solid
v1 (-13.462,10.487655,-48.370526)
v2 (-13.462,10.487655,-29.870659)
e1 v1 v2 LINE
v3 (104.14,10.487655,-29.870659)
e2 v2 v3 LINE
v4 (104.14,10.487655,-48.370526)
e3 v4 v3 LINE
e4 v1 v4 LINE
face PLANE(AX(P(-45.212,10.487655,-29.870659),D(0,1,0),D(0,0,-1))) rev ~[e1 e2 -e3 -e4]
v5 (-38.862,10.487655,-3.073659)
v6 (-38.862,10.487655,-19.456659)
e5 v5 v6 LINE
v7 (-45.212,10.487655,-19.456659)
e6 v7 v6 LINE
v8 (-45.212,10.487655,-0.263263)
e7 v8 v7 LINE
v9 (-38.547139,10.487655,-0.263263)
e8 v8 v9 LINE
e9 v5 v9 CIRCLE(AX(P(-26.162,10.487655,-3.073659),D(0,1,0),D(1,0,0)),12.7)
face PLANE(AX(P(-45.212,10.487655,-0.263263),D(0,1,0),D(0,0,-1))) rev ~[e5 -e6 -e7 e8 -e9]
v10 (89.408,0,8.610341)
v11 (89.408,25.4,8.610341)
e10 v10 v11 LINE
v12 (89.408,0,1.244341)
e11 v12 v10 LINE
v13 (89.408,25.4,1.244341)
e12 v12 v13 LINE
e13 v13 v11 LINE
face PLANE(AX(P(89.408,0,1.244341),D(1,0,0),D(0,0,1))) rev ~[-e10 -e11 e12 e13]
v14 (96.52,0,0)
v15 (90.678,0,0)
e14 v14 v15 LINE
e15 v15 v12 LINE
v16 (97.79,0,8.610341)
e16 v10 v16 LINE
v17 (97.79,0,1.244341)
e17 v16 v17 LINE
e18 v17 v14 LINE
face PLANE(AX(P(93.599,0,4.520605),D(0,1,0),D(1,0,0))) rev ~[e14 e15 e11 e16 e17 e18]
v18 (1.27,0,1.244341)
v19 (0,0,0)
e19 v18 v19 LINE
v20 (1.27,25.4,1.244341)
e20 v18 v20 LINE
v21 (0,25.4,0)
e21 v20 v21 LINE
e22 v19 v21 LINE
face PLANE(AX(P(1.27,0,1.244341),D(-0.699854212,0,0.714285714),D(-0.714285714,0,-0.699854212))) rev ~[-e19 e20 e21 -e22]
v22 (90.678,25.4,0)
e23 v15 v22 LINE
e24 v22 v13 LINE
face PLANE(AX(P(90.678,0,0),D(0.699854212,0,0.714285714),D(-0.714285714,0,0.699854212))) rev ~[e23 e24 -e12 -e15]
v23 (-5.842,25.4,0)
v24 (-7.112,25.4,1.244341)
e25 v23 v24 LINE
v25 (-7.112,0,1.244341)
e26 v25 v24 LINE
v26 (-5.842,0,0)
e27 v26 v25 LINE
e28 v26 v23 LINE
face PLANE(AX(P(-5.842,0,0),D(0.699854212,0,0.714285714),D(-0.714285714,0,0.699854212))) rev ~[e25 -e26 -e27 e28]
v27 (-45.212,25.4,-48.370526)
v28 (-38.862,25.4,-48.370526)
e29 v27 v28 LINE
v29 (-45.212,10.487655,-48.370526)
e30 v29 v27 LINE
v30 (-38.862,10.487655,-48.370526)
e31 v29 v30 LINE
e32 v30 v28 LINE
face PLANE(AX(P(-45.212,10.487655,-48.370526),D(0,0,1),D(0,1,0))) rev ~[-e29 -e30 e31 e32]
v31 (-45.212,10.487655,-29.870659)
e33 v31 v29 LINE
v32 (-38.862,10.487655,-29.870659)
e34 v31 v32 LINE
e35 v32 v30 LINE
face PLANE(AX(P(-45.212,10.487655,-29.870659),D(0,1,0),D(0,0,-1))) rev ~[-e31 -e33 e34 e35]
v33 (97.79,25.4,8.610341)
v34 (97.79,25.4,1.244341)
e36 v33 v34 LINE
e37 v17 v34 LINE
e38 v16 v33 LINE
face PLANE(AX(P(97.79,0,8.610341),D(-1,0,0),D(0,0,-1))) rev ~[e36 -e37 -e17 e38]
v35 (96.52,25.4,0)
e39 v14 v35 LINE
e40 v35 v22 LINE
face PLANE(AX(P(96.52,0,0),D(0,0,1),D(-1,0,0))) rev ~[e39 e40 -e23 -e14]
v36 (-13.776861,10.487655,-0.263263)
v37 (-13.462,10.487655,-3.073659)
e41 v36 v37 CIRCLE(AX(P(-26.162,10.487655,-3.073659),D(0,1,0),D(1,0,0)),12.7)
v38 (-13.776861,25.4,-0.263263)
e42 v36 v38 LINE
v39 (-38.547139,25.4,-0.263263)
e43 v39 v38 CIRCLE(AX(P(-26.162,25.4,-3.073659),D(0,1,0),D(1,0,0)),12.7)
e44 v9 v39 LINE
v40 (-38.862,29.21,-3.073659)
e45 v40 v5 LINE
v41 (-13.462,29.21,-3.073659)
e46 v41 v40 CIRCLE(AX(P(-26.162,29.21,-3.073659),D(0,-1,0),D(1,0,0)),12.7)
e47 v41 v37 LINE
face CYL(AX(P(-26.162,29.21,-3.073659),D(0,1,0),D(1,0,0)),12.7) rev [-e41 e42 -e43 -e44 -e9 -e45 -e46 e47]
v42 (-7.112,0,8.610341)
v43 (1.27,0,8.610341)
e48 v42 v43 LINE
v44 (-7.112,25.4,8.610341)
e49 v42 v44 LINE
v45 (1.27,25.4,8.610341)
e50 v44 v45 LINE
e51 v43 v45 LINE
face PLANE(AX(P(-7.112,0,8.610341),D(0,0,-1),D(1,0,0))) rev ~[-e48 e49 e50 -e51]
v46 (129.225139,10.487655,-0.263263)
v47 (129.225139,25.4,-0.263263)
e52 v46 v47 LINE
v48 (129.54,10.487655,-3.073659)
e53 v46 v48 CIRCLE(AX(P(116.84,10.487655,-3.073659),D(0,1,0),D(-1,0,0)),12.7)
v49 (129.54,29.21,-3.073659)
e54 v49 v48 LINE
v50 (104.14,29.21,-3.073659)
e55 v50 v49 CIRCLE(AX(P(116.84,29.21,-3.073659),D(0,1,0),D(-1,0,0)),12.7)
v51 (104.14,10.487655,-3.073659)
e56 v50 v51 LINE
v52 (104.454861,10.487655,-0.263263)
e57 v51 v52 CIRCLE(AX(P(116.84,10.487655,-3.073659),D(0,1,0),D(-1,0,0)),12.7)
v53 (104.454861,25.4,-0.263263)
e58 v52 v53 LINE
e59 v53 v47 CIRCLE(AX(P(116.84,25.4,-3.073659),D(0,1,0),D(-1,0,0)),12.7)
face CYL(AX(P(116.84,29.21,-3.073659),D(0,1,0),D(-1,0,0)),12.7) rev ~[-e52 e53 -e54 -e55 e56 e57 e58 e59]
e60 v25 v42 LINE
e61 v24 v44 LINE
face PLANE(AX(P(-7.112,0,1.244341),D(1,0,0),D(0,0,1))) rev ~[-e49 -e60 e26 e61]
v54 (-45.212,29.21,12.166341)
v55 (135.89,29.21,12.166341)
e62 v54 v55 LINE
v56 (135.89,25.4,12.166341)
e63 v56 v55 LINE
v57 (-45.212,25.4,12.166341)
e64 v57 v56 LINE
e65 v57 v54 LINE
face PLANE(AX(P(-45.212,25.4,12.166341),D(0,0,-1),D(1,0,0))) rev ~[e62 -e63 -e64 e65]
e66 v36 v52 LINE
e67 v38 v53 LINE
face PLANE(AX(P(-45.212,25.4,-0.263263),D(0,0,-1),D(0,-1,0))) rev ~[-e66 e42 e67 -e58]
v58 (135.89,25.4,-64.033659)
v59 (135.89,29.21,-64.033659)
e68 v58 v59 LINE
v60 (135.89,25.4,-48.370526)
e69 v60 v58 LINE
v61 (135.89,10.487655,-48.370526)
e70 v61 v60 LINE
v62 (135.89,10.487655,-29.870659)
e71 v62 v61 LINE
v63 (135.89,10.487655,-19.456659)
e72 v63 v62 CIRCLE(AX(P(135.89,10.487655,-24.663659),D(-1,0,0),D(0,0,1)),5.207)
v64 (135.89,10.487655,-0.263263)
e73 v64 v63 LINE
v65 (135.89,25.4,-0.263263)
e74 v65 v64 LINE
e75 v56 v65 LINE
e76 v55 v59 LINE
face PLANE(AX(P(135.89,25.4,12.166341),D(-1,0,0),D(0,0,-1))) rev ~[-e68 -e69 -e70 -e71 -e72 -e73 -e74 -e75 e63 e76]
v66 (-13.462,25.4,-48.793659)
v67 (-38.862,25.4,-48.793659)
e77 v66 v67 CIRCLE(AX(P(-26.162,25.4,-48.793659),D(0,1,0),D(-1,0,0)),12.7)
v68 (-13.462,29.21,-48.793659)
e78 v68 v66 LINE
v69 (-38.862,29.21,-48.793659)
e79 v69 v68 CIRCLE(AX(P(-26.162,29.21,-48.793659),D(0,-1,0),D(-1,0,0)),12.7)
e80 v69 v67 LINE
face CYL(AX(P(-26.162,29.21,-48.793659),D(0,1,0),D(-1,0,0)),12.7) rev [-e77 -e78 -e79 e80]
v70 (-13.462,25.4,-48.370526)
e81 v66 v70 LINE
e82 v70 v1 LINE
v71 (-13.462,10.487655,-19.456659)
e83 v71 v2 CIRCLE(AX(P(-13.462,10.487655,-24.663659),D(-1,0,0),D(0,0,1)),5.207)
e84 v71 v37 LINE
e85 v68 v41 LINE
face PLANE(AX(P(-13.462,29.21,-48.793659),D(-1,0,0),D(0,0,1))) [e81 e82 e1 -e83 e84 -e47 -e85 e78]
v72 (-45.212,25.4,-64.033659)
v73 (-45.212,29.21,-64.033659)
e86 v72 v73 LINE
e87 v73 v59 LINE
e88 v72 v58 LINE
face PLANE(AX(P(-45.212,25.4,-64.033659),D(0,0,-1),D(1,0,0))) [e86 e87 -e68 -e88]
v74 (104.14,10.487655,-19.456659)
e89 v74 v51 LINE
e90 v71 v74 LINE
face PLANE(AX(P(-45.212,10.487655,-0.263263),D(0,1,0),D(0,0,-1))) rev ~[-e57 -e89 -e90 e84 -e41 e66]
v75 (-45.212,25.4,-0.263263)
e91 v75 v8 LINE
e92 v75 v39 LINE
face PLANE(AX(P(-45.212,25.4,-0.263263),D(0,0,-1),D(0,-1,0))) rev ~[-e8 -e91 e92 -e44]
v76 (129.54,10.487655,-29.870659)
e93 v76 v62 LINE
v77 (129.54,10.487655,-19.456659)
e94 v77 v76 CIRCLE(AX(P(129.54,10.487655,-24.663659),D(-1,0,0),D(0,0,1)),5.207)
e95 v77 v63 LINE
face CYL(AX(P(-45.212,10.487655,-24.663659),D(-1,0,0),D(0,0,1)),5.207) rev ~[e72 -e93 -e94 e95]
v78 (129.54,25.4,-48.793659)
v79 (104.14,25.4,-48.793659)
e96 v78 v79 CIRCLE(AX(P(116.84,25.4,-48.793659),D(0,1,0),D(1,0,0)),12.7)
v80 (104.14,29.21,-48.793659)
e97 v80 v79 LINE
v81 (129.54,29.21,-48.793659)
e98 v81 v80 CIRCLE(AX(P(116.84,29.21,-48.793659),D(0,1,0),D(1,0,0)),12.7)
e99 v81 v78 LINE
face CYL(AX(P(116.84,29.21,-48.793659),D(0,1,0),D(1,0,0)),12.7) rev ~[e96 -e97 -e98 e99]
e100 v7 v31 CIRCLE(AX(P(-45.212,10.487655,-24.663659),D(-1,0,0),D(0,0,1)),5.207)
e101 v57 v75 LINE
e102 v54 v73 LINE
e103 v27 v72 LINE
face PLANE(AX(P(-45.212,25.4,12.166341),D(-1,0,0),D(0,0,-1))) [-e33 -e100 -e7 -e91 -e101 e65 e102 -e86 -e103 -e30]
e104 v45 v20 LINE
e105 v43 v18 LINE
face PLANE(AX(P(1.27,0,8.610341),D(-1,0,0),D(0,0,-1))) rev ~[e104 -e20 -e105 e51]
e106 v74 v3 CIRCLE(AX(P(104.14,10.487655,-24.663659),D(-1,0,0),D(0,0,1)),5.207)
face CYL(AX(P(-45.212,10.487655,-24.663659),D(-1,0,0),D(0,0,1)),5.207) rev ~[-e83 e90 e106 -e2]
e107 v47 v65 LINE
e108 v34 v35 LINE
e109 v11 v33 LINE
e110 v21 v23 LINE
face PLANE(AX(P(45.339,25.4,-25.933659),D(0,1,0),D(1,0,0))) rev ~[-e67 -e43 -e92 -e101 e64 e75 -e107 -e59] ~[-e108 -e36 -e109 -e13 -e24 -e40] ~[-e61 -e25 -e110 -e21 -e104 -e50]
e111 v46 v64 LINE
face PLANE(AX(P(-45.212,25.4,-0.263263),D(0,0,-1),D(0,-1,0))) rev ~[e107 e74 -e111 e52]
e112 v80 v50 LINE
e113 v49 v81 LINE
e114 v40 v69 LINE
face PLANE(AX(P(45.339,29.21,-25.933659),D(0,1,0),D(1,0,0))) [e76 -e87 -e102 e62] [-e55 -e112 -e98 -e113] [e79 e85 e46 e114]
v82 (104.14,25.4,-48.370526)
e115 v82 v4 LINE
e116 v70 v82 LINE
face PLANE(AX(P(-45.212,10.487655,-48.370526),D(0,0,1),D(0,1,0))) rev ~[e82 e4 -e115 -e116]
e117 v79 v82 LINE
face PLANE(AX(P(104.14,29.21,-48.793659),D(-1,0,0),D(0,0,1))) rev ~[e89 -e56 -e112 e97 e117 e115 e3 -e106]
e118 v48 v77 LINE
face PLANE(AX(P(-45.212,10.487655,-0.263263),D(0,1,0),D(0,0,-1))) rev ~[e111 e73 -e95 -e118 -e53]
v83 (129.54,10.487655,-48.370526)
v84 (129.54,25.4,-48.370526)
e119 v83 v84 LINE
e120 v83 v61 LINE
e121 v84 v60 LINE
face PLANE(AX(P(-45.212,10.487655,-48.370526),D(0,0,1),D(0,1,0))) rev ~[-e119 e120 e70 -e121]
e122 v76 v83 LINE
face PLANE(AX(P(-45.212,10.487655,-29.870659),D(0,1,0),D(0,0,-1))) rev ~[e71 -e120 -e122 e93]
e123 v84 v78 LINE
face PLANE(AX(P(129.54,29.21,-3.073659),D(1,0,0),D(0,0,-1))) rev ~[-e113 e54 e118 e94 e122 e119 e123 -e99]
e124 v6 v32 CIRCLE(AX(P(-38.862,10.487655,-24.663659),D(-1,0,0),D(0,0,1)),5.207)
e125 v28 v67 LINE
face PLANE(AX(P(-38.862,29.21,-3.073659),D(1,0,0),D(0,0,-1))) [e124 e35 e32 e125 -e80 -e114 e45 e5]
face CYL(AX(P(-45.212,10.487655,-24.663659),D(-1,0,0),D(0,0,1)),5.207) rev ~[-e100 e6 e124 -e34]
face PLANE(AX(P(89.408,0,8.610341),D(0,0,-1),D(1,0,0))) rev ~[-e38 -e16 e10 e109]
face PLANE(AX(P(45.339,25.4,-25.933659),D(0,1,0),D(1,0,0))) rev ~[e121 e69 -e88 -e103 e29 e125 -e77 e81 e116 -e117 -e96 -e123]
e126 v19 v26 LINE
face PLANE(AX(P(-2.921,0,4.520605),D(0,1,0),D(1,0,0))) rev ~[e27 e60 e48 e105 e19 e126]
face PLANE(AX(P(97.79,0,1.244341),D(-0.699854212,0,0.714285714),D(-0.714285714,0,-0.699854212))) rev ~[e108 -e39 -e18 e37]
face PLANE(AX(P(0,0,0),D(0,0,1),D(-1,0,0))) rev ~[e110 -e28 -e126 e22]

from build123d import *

# Parameters (mm, degrees)
GUIDE_RODS_DEPTH   = 25.4
GUIDE_RODS_2_DEPTH = 25.4
SKETCH2_W          = 181.102
SKETCH2_H          = 76.2
BASEPLATE_DEPTH    = 3.81
ROD_CUP_DEPTH      = 181.102
HANDLES_DEPTH      = 154.034720609


with BuildPart() as part:
    # Sketch1 → Guide rods (new body)
    with BuildSketch(Plane(origin=(0, 0, 0), x_dir=(1, 0, 0), z_dir=(0, 1, 0))):
        Polygon((-5.842, 0), (-7.112, -1.244340789), (-7.112, -8.610340789), (1.27, -8.610340789), (1.27, -1.244340789), (0, 0), align=None)
    extrude(amount=GUIDE_RODS_DEPTH)



with BuildPart() as body_2:
    # Sketch1 → Guide rods 2 (new body)
    with BuildSketch(Plane(origin=(0, 0, 0), x_dir=(1, 0, 0), z_dir=(0, 1, 0))):
        Polygon((90.678, 0), (89.408, -1.244340789), (89.408, -8.610340789), (97.79, -8.610340789), (97.79, -1.244340789), (96.52, 0), align=None)
    extrude(amount=GUIDE_RODS_2_DEPTH)


with BuildPart() as part_1:
    add(part.part)

    add(body_2.part)  # baseplate merges body 2
    # Sketch2 → baseplate (add)
    with BuildSketch(Plane(origin=(0, 25.4, 0), x_dir=(1, 0, 0), z_dir=(0, 1, 0))):
        with Locations((45.339, 25.933659211)):
            Rectangle(SKETCH2_W, SKETCH2_H)
    extrude(amount=BASEPLATE_DEPTH)

    # Sketch3 → rod cup (add)
    with BuildSketch(Plane.ZY.offset(45.212)):
        with BuildLine():
            Line((-48.370526129, 25.4), (-0.263262521, 25.4))
            Line((-0.263262521, 25.4), (-0.263262521, 10.48765464))
            Line((-0.263262521, 10.48765464), (-19.456659211, 10.48765464))
            ThreePointArc((-19.456659211, 10.48765464), (-24.663659211, 15.69465464), (-29.870659211, 10.48765464))
            Line((-29.870659211, 10.48765464), (-48.370526129, 10.48765464))
            Line((-48.370526129, 10.48765464), (-48.370526129, 25.4))
        make_face()
    extrude(amount=-ROD_CUP_DEPTH)

    # Sketch4 → Handles (cut, through all)
    with BuildSketch(Plane(origin=(0, 29.21, 0), x_dir=(1, 0, 0), z_dir=(0, 1, 0))):
        with BuildLine():
            Line((-13.462, 48.793659211), (-13.462, 3.073659211))
            ThreePointArc((-13.462, 3.073659211), (-26.162, -9.626340789), (-38.862, 3.073659211))
            Line((-38.862, 3.073659211), (-38.862, 48.793659211))
            ThreePointArc((-38.862, 48.793659211), (-26.162, 61.493659211), (-13.462, 48.793659211))
        make_face()
        with BuildLine():
            Line((104.14, 48.793659211), (104.14, 3.073659211))
            ThreePointArc((104.14, 3.073659211), (116.84, -9.626340789), (129.54, 3.073659211))
            Line((129.54, 3.073659211), (129.54, 48.793659211))
            ThreePointArc((129.54, 48.793659211), (116.84, 61.493659211), (104.14, 48.793659211))
        make_face()
    extrude(amount=-HANDLES_DEPTH, mode=Mode.SUBTRACT)


solid = part_1.part
